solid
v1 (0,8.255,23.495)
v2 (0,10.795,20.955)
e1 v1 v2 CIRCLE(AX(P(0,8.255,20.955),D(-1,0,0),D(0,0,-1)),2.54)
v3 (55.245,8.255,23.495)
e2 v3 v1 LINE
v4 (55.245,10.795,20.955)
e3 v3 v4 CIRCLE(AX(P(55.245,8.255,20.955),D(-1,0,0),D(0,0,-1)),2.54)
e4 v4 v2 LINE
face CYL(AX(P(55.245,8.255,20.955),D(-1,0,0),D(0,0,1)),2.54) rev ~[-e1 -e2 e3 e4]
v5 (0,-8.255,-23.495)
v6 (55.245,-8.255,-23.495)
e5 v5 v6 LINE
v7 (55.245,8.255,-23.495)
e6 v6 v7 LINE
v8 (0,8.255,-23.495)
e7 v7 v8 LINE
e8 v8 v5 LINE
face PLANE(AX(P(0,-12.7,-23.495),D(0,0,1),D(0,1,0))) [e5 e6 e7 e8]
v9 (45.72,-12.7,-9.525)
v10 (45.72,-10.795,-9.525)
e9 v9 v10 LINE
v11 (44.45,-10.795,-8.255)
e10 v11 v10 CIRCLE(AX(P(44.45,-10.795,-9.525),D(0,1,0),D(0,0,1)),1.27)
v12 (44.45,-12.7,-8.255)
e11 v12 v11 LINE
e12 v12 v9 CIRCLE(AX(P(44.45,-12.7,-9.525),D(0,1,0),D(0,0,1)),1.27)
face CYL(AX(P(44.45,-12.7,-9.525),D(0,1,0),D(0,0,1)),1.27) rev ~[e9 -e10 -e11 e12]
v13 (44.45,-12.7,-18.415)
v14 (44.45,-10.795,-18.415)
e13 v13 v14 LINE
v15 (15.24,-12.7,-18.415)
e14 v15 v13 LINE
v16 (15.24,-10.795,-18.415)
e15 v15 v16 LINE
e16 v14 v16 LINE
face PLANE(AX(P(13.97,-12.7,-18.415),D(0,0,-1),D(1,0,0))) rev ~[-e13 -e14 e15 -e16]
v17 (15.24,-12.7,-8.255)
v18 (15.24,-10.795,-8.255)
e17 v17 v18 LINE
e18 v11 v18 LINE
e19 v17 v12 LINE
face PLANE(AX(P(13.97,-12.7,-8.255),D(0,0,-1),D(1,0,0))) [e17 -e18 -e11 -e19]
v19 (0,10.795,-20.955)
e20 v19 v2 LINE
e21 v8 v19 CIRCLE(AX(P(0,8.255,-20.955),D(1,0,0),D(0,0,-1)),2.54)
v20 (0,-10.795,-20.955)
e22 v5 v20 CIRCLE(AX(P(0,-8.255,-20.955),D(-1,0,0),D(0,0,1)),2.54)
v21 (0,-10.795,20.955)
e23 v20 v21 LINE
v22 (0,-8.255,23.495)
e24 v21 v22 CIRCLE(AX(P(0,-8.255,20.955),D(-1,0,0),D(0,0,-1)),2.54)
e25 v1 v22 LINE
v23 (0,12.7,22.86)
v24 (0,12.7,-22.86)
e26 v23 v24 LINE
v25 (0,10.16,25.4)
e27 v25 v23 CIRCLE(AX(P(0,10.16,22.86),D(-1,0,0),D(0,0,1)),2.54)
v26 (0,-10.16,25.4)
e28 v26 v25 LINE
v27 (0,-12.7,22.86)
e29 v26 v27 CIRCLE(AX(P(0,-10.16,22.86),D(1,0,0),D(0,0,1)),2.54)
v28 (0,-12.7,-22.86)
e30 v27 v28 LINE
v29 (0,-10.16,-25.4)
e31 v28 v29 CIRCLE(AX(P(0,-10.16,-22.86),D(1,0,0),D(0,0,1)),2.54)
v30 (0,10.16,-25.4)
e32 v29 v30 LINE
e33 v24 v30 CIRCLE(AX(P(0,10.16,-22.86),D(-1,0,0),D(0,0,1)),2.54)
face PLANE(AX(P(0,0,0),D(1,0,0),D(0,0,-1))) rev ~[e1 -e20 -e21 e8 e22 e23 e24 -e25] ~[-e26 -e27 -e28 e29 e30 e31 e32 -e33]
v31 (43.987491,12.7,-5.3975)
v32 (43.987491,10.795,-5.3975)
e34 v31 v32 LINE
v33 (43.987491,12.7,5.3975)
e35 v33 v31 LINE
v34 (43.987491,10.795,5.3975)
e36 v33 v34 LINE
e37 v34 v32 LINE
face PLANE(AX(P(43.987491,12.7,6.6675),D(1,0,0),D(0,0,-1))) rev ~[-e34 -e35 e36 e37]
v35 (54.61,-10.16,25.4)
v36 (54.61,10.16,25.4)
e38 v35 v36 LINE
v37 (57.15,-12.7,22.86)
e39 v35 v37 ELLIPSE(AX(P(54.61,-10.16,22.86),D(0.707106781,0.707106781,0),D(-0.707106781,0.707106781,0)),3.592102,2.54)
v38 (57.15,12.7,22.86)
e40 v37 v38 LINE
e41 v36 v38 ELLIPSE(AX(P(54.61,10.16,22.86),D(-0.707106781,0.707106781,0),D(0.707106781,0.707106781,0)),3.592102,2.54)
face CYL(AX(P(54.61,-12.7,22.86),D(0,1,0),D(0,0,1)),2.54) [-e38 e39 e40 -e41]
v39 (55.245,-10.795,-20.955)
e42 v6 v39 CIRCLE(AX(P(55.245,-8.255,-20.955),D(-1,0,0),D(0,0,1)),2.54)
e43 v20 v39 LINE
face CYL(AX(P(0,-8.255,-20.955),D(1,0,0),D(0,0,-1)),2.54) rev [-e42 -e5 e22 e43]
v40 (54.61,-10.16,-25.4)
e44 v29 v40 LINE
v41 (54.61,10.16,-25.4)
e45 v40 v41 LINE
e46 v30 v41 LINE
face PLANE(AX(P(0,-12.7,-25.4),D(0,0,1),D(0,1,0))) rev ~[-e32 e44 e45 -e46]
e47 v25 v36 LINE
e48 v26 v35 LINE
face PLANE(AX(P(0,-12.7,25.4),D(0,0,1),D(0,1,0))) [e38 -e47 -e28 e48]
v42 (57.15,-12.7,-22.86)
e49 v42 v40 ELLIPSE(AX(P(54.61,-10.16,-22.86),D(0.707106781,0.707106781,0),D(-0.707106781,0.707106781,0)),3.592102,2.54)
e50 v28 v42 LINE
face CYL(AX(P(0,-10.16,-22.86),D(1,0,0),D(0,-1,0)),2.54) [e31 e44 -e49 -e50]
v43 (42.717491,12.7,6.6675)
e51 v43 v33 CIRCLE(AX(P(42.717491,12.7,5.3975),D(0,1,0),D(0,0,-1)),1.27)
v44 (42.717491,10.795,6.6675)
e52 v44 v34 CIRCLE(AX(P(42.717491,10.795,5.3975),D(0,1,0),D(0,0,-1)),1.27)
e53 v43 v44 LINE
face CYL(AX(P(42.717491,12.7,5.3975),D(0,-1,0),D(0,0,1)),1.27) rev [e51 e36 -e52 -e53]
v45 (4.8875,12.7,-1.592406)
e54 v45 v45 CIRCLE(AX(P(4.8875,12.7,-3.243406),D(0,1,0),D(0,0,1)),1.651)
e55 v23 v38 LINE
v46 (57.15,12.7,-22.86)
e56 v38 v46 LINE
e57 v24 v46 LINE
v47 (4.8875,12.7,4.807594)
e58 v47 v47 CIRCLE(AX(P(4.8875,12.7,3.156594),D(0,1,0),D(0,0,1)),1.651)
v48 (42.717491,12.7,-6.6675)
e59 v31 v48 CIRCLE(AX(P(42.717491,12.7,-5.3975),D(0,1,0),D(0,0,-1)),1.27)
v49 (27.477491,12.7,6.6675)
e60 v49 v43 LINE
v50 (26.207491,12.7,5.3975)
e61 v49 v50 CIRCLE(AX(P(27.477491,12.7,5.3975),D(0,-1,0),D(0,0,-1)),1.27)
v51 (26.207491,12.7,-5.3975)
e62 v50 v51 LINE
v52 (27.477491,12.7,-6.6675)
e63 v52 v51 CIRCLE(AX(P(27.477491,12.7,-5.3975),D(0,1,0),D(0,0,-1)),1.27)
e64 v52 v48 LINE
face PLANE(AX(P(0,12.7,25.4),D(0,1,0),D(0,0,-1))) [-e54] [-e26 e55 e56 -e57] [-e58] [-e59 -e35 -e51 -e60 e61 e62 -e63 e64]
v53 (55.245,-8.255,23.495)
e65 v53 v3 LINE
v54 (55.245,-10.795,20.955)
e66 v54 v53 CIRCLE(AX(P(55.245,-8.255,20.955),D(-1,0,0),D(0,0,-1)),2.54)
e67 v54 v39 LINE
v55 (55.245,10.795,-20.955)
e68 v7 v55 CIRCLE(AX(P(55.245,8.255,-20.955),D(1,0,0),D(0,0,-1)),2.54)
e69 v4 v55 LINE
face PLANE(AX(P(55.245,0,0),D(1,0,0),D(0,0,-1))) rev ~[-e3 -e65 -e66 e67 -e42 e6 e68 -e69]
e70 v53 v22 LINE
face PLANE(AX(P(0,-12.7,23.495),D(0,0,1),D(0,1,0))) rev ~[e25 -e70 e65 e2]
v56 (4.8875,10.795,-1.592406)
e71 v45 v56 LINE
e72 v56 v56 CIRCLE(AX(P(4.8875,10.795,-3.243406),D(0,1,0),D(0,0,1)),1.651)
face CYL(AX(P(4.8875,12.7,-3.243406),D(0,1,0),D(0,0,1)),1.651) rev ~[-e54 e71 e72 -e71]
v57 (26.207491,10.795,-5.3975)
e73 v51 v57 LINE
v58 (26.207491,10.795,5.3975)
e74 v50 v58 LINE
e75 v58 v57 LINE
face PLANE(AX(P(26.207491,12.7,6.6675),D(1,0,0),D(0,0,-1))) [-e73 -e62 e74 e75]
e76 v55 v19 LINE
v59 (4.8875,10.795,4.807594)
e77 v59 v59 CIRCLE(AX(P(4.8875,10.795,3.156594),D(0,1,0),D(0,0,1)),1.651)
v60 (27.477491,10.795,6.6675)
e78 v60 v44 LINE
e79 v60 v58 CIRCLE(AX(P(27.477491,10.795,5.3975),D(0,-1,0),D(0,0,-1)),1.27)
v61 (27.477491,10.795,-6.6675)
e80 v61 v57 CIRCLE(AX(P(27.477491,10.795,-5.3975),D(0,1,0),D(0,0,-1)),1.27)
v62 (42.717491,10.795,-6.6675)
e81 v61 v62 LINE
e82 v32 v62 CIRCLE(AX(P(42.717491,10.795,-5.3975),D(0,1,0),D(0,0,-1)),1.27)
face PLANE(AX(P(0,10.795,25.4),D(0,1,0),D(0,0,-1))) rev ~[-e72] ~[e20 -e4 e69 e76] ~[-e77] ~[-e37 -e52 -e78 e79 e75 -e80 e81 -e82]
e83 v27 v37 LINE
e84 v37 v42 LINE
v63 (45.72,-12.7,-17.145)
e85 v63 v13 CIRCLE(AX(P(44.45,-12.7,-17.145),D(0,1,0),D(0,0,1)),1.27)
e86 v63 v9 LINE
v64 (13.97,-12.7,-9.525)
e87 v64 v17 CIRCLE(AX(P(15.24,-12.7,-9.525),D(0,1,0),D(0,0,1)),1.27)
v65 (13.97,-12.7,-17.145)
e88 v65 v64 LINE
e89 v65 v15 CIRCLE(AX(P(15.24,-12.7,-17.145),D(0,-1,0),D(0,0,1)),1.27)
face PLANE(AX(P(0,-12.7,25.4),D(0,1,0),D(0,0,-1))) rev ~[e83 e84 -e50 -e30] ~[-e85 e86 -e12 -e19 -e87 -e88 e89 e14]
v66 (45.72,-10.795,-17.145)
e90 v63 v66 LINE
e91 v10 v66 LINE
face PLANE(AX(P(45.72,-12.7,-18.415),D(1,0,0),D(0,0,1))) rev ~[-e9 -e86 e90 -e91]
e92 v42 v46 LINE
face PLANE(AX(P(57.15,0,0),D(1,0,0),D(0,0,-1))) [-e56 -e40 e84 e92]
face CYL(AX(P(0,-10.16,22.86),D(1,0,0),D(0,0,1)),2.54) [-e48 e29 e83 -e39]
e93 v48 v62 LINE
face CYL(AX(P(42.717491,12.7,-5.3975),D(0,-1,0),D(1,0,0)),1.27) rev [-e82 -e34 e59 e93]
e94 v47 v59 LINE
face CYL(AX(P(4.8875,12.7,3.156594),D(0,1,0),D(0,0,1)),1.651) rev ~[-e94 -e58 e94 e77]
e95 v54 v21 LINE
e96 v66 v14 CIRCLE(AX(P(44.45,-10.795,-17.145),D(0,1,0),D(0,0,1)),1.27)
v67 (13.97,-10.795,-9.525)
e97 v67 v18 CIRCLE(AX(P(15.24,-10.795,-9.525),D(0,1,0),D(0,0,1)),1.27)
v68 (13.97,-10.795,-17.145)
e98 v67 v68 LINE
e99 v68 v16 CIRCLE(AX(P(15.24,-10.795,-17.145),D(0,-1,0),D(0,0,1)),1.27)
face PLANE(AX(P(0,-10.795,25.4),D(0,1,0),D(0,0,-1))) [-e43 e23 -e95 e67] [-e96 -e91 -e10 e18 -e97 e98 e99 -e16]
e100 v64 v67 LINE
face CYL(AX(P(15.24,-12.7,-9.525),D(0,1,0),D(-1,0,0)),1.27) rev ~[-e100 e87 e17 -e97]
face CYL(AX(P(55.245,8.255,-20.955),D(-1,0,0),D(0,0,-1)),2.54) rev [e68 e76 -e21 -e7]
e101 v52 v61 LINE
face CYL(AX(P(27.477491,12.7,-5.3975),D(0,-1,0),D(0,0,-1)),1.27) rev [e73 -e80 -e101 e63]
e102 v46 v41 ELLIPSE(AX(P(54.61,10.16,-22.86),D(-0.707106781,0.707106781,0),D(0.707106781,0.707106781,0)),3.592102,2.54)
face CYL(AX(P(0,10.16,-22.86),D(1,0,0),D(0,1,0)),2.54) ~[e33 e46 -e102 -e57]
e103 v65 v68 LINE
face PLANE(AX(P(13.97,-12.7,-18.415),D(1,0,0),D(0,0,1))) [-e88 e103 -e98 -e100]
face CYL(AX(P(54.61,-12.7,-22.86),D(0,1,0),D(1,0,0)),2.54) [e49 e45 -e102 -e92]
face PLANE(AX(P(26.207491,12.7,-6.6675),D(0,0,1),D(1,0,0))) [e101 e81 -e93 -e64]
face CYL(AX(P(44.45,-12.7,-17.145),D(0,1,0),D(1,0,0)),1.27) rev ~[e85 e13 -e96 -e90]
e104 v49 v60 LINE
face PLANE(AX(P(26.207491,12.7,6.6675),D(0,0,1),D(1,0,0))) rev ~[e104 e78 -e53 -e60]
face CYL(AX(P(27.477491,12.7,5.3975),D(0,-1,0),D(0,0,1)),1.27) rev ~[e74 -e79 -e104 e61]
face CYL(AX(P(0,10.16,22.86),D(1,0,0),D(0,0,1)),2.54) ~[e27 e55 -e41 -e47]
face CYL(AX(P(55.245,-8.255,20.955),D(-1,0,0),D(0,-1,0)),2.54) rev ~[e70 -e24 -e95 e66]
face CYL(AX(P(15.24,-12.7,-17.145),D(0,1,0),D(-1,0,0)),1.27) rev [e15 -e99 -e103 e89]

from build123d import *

# Parameters (mm, degrees)
SKETCH1_W           = 50.8
SKETCH1_H           = 25.4
BOSS_EXTRUDE1_DEPTH = 57.15
SHELL1_T            = -1.905
SKETCH2_W           = 17.78
SKETCH2_H           = 13.335
CUT_EXTRUDE1_DEPTH  = 12.7
SKETCH3_W           = 31.75
SKETCH3_H           = 10.16
CUT_EXTRUDE2_DEPTH  = 12.7
FILLET1_R           = 2.54
FILLET2_R           = 1.27
FILLET3_R           = 1.27
SKETCH5_R           = 1.651
CUT_EXTRUDE3_DEPTH  = 2.54


with BuildPart() as part:
    # Sketch1 → Boss-Extrude1 (new body)
    with BuildSketch(Plane(origin=(0, 0, 0), x_dir=(0, 0, -1), z_dir=(1, 0, 0))):
        Rectangle(SKETCH1_W, SKETCH1_H)
    extrude(amount=BOSS_EXTRUDE1_DEPTH)

    # Shell1
    shell1_openings = [part.faces().sort_by_distance(p)[0] for p in [
        (0, 0, 0),
    ]]
    offset(amount=SHELL1_T, openings=shell1_openings, kind=Kind.INTERSECTION)

    # Sketch2 → Cut-Extrude1 (cut)
    with BuildSketch(Plane(origin=(0, 12.7, 0), x_dir=(1, 0, 0), z_dir=(0, 1, 0))):
        with Locations((35.0974914, 0)):
            Rectangle(SKETCH2_W, SKETCH2_H)
    extrude(amount=-CUT_EXTRUDE1_DEPTH, mode=Mode.SUBTRACT)

    # Sketch3 → Cut-Extrude2 (cut)
    with BuildSketch(Plane.XZ.offset(12.7)):
        with Locations((29.845, -13.335)):
            Rectangle(SKETCH3_W, SKETCH3_H)
    extrude(amount=-CUT_EXTRUDE2_DEPTH, mode=Mode.SUBTRACT)

    # Fillet1
    fillet1_edges = [part.edges().sort_by_distance(p)[0] for p in [
        (57.15, 0, 25.4),
        (27.6225, -10.795, -23.495),
        (27.6225, 10.795, -23.495),
        (27.6225, 10.795, 23.495),
        (27.6225, -10.795, 23.495),
        (57.15, 0, -25.4),
        (28.575, -12.7, -25.4),
        (28.575, -12.7, 25.4),
        (28.575, 12.7, 25.4),
        (28.575, 12.7, -25.4),
    ]]
    fillet(fillet1_edges, radius=FILLET1_R)

    # Fillet2
    fillet2_edges = [part.edges().sort_by_distance(p)[0] for p in [
        (26.2074914, 11.7475, 6.6675),
        (26.2074914, 11.7475, -6.6675),
        (43.9874914, 11.7475, -6.6675),
        (43.9874914, 11.7475, 6.6675),
    ]]
    fillet(fillet2_edges, radius=FILLET2_R)

    # Fillet3
    fillet3_edges = [part.edges().sort_by_distance(p)[0] for p in [
        (45.72, -11.7475, -8.255),
        (45.72, -11.7475, -18.415),
        (13.97, -11.7475, -18.415),
        (13.97, -11.7475, -8.255),
    ]]
    fillet(fillet3_edges, radius=FILLET3_R)

    # Sketch5 → Cut-Extrude3 (cut)
    with BuildSketch(Plane(origin=(0, 12.7, 0), x_dir=(1, 0, 0), z_dir=(0, 1, 0))):
        with Locations(Location((4.8875, 3.243405994, 0), (0, 0, 270))):
            Circle(SKETCH5_R)
        with Locations(Location((4.8875, -3.156594006, 0), (0, 0, 270))):
            Circle(SKETCH5_R)
    extrude(amount=-CUT_EXTRUDE3_DEPTH, mode=Mode.SUBTRACT)


solid = part.part
